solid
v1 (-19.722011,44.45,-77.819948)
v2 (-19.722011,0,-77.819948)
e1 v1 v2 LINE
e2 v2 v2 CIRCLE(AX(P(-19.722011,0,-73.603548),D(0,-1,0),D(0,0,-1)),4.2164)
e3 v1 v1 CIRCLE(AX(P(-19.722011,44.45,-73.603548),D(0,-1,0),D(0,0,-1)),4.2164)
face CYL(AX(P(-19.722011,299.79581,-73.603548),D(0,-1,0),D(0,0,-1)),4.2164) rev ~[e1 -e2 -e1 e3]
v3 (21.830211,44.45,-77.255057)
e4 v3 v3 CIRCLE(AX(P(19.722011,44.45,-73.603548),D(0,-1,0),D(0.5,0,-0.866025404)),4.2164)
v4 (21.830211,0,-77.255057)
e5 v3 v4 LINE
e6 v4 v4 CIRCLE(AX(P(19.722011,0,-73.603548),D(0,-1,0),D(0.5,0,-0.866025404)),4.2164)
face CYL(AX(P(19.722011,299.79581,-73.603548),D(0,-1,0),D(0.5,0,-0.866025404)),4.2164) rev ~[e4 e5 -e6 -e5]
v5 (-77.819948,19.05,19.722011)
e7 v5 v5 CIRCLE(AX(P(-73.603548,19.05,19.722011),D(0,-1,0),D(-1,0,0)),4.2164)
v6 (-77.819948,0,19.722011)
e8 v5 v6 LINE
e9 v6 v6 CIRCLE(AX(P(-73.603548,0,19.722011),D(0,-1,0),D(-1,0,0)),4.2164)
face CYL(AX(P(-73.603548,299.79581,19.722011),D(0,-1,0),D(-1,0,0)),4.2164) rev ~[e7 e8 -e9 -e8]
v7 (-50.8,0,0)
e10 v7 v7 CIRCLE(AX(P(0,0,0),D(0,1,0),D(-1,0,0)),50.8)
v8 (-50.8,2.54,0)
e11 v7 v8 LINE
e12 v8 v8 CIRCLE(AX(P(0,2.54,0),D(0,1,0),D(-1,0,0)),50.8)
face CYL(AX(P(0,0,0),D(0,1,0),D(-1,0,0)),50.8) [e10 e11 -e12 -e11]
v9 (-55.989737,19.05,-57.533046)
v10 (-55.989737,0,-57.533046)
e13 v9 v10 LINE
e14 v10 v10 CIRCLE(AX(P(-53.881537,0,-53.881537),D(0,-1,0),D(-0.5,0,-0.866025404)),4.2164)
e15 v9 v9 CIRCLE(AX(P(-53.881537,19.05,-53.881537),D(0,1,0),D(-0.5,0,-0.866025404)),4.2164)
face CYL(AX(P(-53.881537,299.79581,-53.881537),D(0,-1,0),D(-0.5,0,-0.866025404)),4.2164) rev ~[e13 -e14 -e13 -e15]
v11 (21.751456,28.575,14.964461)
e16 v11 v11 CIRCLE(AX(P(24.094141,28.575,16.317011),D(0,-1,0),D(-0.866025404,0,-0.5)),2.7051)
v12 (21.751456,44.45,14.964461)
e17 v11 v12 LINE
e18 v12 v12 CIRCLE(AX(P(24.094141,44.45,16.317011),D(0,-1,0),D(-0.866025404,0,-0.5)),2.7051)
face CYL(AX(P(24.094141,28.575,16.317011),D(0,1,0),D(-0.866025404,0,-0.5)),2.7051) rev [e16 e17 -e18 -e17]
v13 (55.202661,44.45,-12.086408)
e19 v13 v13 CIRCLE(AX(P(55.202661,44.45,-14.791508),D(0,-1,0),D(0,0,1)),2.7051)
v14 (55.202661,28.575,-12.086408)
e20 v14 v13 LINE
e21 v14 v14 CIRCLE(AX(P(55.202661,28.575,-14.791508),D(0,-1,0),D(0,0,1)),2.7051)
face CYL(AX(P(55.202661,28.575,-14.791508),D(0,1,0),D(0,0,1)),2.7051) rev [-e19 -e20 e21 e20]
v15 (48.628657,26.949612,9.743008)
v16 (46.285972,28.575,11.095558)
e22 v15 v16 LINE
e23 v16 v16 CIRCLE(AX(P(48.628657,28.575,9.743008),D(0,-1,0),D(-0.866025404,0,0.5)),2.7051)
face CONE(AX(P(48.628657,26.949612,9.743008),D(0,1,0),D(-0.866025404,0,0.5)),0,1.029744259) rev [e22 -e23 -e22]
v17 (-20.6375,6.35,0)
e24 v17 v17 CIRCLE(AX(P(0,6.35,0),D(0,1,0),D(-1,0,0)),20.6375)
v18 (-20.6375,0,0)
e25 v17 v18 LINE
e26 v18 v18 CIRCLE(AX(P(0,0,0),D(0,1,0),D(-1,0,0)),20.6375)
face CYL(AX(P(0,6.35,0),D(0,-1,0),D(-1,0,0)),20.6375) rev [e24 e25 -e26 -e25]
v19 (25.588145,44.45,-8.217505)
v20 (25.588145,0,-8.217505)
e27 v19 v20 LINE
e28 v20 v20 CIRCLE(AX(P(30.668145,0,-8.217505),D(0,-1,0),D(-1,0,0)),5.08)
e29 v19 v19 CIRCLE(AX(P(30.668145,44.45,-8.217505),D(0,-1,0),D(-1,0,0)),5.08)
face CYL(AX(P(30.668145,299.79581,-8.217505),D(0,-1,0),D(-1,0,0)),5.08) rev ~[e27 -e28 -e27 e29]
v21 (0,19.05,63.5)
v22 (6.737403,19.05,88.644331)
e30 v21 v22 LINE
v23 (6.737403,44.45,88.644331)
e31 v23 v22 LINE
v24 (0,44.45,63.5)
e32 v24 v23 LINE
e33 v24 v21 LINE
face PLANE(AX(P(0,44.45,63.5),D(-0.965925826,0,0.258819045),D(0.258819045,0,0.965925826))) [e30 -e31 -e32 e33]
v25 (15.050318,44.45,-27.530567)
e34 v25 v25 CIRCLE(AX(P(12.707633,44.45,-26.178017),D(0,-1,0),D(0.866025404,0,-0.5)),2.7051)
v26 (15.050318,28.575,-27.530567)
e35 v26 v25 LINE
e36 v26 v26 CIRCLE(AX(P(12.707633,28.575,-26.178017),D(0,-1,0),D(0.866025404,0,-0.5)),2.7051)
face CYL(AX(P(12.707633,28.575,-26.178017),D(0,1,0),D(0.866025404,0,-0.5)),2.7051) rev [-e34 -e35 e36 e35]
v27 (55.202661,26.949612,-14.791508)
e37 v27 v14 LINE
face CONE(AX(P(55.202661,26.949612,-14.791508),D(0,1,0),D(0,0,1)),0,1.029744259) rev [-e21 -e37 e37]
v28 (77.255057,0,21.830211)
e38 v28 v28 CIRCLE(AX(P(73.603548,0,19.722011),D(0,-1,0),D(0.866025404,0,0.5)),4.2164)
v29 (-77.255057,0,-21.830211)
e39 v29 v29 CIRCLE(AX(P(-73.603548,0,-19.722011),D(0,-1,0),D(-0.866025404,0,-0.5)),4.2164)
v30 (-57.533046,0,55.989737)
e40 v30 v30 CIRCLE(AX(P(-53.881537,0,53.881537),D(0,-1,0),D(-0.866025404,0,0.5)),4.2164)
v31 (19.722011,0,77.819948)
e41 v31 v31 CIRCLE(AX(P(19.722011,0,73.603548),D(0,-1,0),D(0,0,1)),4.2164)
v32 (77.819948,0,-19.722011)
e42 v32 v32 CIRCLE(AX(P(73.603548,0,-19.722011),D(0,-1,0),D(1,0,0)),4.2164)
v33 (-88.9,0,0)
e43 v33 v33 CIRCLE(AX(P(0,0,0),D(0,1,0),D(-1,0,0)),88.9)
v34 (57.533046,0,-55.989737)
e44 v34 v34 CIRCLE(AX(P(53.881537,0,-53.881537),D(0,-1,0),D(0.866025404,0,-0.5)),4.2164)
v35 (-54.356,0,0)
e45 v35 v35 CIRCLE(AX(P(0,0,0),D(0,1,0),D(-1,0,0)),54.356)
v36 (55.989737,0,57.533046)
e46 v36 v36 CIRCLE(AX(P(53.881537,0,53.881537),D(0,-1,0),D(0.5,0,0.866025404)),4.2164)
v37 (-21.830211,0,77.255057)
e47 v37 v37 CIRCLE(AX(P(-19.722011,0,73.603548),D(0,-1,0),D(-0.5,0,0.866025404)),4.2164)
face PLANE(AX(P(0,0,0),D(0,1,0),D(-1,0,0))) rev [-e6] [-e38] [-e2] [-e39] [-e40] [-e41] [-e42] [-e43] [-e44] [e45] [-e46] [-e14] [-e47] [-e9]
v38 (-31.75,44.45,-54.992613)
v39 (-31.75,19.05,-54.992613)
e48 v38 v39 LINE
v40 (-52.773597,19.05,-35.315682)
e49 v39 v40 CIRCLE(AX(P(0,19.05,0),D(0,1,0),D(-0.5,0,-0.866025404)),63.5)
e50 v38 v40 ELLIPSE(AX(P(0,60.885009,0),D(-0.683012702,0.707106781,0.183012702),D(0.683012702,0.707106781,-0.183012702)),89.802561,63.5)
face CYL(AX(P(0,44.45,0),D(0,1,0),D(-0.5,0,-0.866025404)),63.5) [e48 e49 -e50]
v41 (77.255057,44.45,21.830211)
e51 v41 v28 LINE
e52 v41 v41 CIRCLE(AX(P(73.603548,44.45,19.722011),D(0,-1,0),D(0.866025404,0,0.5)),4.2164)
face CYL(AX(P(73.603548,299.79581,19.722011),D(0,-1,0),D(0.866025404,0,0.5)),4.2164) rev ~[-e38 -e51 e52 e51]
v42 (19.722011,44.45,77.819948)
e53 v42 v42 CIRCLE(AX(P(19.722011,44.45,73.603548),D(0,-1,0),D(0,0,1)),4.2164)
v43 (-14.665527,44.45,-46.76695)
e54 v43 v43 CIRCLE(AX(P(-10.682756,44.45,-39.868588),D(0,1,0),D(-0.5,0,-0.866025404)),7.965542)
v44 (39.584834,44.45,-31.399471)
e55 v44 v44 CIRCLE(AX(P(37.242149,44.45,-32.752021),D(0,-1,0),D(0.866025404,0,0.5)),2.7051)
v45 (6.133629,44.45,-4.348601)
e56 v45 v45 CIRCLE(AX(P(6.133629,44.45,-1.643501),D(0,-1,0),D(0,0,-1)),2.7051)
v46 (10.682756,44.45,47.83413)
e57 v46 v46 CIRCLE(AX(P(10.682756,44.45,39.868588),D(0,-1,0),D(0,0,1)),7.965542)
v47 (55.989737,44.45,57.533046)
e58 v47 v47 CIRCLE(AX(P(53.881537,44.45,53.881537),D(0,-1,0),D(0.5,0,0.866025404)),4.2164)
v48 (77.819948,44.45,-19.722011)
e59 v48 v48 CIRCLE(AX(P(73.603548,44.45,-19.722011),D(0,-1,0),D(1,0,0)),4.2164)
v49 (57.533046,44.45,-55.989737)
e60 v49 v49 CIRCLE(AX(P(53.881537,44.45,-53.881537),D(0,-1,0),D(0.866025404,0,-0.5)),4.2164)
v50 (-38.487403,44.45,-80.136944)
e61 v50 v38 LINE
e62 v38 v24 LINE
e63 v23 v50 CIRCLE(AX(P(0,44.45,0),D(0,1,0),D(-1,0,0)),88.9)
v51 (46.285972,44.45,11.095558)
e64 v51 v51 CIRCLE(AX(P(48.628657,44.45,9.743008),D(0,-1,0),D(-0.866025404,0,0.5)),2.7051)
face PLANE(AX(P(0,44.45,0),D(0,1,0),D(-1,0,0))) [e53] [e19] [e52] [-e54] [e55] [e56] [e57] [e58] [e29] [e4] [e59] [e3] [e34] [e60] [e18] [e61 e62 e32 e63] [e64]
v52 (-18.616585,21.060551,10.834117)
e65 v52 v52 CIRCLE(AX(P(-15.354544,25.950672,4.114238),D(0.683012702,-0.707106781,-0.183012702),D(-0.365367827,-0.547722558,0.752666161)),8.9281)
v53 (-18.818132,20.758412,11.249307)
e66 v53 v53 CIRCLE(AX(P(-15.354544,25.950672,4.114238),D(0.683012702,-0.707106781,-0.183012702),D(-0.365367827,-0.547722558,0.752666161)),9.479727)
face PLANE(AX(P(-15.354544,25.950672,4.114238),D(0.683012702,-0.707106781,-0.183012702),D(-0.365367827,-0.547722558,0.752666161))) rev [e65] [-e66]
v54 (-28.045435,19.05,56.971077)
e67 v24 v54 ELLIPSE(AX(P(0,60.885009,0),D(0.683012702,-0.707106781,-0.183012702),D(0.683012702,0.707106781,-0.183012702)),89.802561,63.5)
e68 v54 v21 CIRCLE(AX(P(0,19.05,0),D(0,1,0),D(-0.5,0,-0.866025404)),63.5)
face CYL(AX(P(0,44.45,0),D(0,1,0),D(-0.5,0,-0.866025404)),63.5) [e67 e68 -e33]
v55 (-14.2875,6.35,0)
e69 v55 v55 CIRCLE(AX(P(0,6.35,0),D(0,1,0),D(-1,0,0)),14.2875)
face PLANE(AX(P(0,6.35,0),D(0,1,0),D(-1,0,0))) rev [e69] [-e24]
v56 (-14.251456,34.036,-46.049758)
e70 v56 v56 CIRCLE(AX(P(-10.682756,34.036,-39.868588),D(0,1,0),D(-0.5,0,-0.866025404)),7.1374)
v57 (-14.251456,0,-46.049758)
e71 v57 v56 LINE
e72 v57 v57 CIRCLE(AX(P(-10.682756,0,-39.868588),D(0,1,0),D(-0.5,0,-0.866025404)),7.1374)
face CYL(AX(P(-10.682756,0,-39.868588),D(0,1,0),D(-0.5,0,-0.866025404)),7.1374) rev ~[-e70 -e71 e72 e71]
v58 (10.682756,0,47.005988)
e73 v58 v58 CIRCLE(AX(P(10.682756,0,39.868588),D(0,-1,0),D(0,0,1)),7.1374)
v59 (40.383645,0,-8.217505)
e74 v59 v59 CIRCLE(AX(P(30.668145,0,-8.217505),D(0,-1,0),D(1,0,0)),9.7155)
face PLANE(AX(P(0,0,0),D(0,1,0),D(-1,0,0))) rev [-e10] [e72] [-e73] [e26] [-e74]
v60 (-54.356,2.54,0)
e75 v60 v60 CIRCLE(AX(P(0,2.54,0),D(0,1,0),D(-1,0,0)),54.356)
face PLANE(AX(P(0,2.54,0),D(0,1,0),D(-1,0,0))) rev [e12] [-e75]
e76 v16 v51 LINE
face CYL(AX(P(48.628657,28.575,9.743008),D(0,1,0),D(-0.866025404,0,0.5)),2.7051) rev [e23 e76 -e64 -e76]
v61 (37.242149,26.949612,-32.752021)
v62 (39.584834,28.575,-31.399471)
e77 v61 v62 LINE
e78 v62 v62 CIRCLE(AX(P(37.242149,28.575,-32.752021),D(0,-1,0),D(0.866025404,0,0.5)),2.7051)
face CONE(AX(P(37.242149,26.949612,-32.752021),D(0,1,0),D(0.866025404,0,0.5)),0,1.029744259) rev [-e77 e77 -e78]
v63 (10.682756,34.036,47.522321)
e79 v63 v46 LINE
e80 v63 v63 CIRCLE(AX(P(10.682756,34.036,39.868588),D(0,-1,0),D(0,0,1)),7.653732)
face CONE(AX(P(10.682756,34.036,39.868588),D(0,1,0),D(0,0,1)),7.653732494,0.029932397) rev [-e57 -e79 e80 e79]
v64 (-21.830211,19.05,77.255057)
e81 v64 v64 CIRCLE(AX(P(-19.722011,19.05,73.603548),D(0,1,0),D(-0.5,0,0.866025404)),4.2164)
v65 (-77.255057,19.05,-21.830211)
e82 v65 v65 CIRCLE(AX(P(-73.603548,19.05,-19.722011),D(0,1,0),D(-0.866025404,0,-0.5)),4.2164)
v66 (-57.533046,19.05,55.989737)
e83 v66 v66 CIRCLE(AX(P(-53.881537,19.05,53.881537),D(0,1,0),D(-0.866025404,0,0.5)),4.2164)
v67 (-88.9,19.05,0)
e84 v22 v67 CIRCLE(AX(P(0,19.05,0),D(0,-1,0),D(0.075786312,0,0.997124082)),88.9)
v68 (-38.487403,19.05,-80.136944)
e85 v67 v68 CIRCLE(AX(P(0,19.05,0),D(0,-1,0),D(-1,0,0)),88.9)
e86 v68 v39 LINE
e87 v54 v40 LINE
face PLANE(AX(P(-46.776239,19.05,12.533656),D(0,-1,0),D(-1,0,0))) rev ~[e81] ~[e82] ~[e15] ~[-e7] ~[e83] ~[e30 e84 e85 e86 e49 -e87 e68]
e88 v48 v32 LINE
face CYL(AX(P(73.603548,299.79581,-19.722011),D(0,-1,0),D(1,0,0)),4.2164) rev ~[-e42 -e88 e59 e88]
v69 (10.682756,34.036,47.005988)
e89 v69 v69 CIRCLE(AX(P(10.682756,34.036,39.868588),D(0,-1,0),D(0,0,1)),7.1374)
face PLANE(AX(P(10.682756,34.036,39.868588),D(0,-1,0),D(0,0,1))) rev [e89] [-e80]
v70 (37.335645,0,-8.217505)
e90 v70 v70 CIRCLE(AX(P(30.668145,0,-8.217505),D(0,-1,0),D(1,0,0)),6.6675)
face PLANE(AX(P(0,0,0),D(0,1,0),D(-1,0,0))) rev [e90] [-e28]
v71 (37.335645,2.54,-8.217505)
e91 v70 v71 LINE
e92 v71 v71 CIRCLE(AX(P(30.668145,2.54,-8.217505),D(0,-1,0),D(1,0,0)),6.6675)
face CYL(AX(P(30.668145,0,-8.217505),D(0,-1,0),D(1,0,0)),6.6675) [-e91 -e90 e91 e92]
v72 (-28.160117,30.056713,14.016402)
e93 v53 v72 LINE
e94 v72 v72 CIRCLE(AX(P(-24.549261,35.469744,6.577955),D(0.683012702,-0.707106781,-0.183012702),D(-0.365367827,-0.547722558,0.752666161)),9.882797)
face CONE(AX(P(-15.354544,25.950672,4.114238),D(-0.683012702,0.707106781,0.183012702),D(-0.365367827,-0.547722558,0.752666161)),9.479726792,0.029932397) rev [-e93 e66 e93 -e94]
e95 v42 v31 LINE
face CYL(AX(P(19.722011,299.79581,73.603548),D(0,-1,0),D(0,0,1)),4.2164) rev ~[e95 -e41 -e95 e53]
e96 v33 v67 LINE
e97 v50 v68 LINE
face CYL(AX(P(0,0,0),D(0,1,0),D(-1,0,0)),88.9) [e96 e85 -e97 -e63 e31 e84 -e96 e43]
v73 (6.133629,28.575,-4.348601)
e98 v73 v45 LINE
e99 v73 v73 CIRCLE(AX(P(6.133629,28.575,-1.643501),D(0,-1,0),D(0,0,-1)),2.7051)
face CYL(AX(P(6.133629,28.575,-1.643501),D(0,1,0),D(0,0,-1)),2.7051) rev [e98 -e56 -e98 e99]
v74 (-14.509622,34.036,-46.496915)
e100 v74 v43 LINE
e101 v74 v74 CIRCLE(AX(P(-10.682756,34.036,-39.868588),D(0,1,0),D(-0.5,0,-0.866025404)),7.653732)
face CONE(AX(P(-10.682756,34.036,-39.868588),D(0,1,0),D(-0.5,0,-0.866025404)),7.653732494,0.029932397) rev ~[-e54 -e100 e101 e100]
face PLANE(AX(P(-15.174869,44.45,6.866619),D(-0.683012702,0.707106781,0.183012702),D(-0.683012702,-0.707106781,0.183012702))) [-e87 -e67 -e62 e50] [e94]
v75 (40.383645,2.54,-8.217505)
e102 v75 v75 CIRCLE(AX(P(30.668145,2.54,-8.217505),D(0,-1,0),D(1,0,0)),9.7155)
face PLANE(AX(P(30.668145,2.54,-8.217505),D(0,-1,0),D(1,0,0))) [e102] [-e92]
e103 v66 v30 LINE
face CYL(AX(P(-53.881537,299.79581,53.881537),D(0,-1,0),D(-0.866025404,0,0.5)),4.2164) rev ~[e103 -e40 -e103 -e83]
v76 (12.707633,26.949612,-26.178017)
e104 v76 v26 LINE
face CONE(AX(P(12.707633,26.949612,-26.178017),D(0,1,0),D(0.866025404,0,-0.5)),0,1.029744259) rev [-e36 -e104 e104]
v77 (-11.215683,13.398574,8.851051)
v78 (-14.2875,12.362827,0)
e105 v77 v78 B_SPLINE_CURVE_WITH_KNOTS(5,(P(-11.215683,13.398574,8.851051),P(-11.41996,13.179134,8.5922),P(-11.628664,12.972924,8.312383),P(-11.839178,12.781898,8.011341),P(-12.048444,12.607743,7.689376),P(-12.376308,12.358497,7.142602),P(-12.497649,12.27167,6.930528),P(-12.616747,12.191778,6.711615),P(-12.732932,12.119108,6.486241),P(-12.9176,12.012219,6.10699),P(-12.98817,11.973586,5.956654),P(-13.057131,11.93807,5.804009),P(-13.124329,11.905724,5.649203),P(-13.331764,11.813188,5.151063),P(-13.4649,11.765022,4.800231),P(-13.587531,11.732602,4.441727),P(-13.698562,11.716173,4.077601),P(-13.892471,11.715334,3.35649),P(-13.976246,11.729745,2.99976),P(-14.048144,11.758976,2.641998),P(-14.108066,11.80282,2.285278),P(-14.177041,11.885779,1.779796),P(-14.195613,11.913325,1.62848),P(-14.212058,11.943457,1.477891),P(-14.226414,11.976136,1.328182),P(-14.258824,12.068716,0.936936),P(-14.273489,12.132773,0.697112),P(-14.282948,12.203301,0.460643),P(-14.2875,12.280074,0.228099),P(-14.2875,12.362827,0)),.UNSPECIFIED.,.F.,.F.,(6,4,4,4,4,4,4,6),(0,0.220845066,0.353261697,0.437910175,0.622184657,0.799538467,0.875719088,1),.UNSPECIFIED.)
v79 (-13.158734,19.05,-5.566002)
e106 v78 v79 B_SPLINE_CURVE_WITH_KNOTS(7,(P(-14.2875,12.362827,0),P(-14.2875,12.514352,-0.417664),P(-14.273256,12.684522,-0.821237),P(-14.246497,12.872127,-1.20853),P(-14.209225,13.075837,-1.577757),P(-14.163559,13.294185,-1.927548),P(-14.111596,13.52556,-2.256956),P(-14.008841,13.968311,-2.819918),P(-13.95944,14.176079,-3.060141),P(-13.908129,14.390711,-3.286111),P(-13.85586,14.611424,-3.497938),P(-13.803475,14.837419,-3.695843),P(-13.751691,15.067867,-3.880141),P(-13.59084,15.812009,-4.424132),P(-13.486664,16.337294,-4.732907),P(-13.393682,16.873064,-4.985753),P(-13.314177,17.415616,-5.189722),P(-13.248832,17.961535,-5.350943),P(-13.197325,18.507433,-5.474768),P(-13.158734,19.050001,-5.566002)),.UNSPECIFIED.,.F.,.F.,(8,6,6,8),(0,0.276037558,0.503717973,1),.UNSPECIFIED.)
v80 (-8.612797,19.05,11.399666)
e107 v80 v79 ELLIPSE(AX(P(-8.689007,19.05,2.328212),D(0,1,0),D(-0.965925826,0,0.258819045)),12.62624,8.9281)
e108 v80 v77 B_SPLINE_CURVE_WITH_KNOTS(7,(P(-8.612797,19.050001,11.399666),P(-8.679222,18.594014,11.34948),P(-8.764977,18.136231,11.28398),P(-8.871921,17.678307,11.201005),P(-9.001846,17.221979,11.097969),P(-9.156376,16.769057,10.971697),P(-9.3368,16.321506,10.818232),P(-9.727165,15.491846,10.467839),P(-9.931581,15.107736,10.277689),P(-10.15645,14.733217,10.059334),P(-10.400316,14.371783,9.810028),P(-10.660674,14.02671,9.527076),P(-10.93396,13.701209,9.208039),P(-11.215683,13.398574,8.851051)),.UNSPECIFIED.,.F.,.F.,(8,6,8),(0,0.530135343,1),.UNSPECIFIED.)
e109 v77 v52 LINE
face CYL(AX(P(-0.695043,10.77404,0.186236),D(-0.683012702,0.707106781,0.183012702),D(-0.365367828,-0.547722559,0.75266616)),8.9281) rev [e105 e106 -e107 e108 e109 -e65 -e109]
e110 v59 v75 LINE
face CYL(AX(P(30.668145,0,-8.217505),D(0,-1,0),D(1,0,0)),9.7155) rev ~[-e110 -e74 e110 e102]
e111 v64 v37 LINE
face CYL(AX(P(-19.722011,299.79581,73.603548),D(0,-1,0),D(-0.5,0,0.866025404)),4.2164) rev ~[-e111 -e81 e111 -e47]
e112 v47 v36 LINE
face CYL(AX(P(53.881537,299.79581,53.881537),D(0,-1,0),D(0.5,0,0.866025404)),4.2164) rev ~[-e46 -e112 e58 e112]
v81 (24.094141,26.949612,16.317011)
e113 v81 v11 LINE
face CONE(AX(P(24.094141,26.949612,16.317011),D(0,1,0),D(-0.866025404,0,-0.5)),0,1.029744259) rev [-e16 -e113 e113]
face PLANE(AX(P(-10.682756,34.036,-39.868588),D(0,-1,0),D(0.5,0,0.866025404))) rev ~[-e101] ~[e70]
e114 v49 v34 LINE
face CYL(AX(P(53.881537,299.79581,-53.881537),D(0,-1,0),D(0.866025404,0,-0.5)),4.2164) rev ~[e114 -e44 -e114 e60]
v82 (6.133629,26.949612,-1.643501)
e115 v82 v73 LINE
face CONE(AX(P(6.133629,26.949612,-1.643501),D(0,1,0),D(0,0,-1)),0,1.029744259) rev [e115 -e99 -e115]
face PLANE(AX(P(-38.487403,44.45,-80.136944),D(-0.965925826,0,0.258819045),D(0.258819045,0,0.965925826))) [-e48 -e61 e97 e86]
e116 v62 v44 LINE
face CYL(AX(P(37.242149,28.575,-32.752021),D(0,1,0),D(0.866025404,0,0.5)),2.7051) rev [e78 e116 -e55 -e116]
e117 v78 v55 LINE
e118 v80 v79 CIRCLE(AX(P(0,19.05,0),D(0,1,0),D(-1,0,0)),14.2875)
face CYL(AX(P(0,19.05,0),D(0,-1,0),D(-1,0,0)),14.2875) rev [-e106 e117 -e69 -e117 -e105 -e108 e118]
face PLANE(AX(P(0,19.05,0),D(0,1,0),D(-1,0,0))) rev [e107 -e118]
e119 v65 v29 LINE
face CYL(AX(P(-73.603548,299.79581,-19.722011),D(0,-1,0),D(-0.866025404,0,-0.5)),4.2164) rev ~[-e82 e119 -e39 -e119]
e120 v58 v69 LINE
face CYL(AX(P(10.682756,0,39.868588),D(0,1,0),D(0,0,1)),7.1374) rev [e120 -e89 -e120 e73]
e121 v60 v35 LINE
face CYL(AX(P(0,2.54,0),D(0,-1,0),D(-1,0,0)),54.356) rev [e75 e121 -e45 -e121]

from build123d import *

# Parameters (mm, degrees)
F_5_16_CLEARANCE_HOLE1_D   = 8.4328
CIRPATTERN1_COUNT          = 12
F_1_2_0_4_DIAMETER_HOLE1_D = 10.16
CIRPATTERN2_COUNT          = 6
CUT_EXTRUDE1_DEPTH         = 25.4
CUT_EXTRUDE2_DEPTH         = 136.567701401
CUT_EXTRUDE2_DEPTH_BACK    = 136.567701401
SKETCH36_R                 = 9.7155
SKETCH36_R_2               = 6.6675
CUT_EXTRUDE3_DEPTH         = 2.54


with BuildPart() as part:
    # Sketch1 → Revolve1 (revolve)
    with BuildSketch(Plane.XY):
        Polygon((-54.356, 0), (-88.9, 0), (-88.9, 44.45), (0, 44.45), (0, 19.05), (-14.2875, 19.05), (-14.2875, 6.35), (-20.6375, 6.35), (-20.6375, 0), (-50.8, 0), (-50.8, 2.54), (-54.356, 2.54), align=None)
    revolve(axis=Axis((0, 0, 0), (0, 1, 0)))

    # 5/16 Clearance Hole1 (through all)
    with Locations(Plane(origin=(0, 44.45, 0), x_dir=(1, 0, 0), z_dir=(0, 1, 0))):
        with Locations((-73.603547963, -19.722011237)):
            f_5_16_clearance_hole1 = Hole(F_5_16_CLEARANCE_HOLE1_D / 2)

    # CirPattern1: 5/16 Clearance Hole1 ×12 about axis
    cirpattern1_axis = Axis((0, 0, 0), (0, -1, 0))
    for i in range(1, CIRPATTERN1_COUNT):
        add(f_5_16_clearance_hole1.rotate(cirpattern1_axis, i * 360 / CIRPATTERN1_COUNT), mode=Mode.SUBTRACT)

    # Sketch19 → 3/8 NPT Tapped Hole1 (revolve, cut)
    with BuildSketch(Plane(origin=(10.682756087, 44.45, 39.86858848), x_dir=(0, 0, 1), z_dir=(1, 0, 0))):
        Polygon((0, 0), (0, 44.45), (7.1374, 44.45), (7.1374, 10.414), (7.653732494, 10.414), (7.9655416, 0), align=None)
    f_3_8_npt_tapped_hole1 = revolve(axis=Axis((10.682756087, 50.8, 39.86858848), (0, -1, 0)), mode=Mode.SUBTRACT)

    # Mirror1: 3/8 NPT Tapped Hole1 across plane
    add(f_3_8_npt_tapped_hole1.mirror(Plane(origin=(0, 0, 0), x_dir=(0.9659258262890699, 0, -0.2588190451025147), z_dir=(-0.2588190451025147, 0, -0.96592582628907))), mode=Mode.SUBTRACT)

    # 1/2 (0.4) Diameter Hole1 (through all)
    with Locations(Plane(origin=(0, 44.45, 0), x_dir=(1, 0, 0), z_dir=(0, 1, 0))):
        with Locations((30.668144985, 8.217504682)):
            Hole(F_1_2_0_4_DIAMETER_HOLE1_D / 2)

    # Sketch30 → Tap Drill for 1/4-28 Tap1 (revolve, cut)
    with BuildSketch(Plane(origin=(55.202660972, 44.45, -14.791508428), x_dir=(0, 0, 1), z_dir=(1, 0, 0))):
        Polygon((0, 0), (0, 17.500388061), (2.7051, 15.875), (2.7051, 0), align=None)
    tap_drill_for_1_4_28_tap1 = revolve(axis=Axis((55.202660972, 50.8, -14.791508428), (0, -1, 0)), mode=Mode.SUBTRACT)

    # CirPattern2: Tap Drill for 1/4-28 Tap1 ×6 about axis
    cirpattern2_axis = Axis((30.668144985, 0, -8.217504682), (0, 1, 0))
    for i in range(1, CIRPATTERN2_COUNT):
        add(tap_drill_for_1_4_28_tap1.rotate(cirpattern2_axis, i * 360 / CIRPATTERN2_COUNT), mode=Mode.SUBTRACT)

    # Sketch31 → Cut-Extrude1 (cut)
    with BuildSketch(Plane(origin=(0, 44.45, 0), x_dir=(1, 0, 0), z_dir=(0, 1, 0))):
        with BuildLine():
            Line((0, -63.5), (6.737403156, -88.644330889))
            ThreePointArc((6.737403156, -88.644330889), (-85.870805957, -23.00901311), (-38.487403156, 80.136944029))
            Line((-38.487403156, 80.136944029), (-31.75, 54.99261314))
            ThreePointArc((-31.75, 54.99261314), (-61.336289969, -16.435009364), (0, -63.5))
        make_face()
    extrude(amount=-CUT_EXTRUDE1_DEPTH, mode=Mode.SUBTRACT)

    # Sketch33 → Cut-Extrude2 (cut, two sides: drawn at the far end of the back side and taken through both)
    with BuildSketch(Plane(origin=(0.700131399, 0, 2.612925953), x_dir=(-0.965925826289068, 0, 0.25881904510252185), z_dir=(-0.25881904510252185, 0, -0.9659258262890681)).offset(-CUT_EXTRUDE2_DEPTH_BACK)):
        Polygon((16.435009364, 44.45), (41.835009364, 19.05), (63.5, 19.05), (63.5, 44.45), align=None)
    extrude(amount=CUT_EXTRUDE2_DEPTH + CUT_EXTRUDE2_DEPTH_BACK, mode=Mode.SUBTRACT)

    # Sketch35 → 1/2 NPT Tapped Hole1 (revolve, cut)
    with BuildSketch(Plane(origin=(-24.549261314, 35.469743879, 6.577954744), x_dir=(-0.3653678270645812, -0.547722557505165, 0.752666161685317), z_dir=(0.6324555320336775, 0.4472135954999533, 0.6324555320336777))):
        Polygon((0, 0), (0, 40.289543693), (8.9281, 34.925), (8.9281, 13.462), (9.479726792, 13.462), (9.8827971, 0), align=None)
    revolve(axis=Axis((-28.886391971, 39.959871939, 7.740085401), (0.6830127018922154, -0.7071067811865513, -0.18301270189221908)), mode=Mode.SUBTRACT)

    # Sketch36 → Cut-Extrude3 (cut)
    with BuildSketch(Plane.XZ):
        with Locations((30.668144985, -8.217504682)):
            Circle(SKETCH36_R)
        with Locations((30.668144985, -8.217504682)):
            Circle(SKETCH36_R_2, mode=Mode.SUBTRACT)
    extrude(amount=-CUT_EXTRUDE3_DEPTH, mode=Mode.SUBTRACT)


solid = part.part
